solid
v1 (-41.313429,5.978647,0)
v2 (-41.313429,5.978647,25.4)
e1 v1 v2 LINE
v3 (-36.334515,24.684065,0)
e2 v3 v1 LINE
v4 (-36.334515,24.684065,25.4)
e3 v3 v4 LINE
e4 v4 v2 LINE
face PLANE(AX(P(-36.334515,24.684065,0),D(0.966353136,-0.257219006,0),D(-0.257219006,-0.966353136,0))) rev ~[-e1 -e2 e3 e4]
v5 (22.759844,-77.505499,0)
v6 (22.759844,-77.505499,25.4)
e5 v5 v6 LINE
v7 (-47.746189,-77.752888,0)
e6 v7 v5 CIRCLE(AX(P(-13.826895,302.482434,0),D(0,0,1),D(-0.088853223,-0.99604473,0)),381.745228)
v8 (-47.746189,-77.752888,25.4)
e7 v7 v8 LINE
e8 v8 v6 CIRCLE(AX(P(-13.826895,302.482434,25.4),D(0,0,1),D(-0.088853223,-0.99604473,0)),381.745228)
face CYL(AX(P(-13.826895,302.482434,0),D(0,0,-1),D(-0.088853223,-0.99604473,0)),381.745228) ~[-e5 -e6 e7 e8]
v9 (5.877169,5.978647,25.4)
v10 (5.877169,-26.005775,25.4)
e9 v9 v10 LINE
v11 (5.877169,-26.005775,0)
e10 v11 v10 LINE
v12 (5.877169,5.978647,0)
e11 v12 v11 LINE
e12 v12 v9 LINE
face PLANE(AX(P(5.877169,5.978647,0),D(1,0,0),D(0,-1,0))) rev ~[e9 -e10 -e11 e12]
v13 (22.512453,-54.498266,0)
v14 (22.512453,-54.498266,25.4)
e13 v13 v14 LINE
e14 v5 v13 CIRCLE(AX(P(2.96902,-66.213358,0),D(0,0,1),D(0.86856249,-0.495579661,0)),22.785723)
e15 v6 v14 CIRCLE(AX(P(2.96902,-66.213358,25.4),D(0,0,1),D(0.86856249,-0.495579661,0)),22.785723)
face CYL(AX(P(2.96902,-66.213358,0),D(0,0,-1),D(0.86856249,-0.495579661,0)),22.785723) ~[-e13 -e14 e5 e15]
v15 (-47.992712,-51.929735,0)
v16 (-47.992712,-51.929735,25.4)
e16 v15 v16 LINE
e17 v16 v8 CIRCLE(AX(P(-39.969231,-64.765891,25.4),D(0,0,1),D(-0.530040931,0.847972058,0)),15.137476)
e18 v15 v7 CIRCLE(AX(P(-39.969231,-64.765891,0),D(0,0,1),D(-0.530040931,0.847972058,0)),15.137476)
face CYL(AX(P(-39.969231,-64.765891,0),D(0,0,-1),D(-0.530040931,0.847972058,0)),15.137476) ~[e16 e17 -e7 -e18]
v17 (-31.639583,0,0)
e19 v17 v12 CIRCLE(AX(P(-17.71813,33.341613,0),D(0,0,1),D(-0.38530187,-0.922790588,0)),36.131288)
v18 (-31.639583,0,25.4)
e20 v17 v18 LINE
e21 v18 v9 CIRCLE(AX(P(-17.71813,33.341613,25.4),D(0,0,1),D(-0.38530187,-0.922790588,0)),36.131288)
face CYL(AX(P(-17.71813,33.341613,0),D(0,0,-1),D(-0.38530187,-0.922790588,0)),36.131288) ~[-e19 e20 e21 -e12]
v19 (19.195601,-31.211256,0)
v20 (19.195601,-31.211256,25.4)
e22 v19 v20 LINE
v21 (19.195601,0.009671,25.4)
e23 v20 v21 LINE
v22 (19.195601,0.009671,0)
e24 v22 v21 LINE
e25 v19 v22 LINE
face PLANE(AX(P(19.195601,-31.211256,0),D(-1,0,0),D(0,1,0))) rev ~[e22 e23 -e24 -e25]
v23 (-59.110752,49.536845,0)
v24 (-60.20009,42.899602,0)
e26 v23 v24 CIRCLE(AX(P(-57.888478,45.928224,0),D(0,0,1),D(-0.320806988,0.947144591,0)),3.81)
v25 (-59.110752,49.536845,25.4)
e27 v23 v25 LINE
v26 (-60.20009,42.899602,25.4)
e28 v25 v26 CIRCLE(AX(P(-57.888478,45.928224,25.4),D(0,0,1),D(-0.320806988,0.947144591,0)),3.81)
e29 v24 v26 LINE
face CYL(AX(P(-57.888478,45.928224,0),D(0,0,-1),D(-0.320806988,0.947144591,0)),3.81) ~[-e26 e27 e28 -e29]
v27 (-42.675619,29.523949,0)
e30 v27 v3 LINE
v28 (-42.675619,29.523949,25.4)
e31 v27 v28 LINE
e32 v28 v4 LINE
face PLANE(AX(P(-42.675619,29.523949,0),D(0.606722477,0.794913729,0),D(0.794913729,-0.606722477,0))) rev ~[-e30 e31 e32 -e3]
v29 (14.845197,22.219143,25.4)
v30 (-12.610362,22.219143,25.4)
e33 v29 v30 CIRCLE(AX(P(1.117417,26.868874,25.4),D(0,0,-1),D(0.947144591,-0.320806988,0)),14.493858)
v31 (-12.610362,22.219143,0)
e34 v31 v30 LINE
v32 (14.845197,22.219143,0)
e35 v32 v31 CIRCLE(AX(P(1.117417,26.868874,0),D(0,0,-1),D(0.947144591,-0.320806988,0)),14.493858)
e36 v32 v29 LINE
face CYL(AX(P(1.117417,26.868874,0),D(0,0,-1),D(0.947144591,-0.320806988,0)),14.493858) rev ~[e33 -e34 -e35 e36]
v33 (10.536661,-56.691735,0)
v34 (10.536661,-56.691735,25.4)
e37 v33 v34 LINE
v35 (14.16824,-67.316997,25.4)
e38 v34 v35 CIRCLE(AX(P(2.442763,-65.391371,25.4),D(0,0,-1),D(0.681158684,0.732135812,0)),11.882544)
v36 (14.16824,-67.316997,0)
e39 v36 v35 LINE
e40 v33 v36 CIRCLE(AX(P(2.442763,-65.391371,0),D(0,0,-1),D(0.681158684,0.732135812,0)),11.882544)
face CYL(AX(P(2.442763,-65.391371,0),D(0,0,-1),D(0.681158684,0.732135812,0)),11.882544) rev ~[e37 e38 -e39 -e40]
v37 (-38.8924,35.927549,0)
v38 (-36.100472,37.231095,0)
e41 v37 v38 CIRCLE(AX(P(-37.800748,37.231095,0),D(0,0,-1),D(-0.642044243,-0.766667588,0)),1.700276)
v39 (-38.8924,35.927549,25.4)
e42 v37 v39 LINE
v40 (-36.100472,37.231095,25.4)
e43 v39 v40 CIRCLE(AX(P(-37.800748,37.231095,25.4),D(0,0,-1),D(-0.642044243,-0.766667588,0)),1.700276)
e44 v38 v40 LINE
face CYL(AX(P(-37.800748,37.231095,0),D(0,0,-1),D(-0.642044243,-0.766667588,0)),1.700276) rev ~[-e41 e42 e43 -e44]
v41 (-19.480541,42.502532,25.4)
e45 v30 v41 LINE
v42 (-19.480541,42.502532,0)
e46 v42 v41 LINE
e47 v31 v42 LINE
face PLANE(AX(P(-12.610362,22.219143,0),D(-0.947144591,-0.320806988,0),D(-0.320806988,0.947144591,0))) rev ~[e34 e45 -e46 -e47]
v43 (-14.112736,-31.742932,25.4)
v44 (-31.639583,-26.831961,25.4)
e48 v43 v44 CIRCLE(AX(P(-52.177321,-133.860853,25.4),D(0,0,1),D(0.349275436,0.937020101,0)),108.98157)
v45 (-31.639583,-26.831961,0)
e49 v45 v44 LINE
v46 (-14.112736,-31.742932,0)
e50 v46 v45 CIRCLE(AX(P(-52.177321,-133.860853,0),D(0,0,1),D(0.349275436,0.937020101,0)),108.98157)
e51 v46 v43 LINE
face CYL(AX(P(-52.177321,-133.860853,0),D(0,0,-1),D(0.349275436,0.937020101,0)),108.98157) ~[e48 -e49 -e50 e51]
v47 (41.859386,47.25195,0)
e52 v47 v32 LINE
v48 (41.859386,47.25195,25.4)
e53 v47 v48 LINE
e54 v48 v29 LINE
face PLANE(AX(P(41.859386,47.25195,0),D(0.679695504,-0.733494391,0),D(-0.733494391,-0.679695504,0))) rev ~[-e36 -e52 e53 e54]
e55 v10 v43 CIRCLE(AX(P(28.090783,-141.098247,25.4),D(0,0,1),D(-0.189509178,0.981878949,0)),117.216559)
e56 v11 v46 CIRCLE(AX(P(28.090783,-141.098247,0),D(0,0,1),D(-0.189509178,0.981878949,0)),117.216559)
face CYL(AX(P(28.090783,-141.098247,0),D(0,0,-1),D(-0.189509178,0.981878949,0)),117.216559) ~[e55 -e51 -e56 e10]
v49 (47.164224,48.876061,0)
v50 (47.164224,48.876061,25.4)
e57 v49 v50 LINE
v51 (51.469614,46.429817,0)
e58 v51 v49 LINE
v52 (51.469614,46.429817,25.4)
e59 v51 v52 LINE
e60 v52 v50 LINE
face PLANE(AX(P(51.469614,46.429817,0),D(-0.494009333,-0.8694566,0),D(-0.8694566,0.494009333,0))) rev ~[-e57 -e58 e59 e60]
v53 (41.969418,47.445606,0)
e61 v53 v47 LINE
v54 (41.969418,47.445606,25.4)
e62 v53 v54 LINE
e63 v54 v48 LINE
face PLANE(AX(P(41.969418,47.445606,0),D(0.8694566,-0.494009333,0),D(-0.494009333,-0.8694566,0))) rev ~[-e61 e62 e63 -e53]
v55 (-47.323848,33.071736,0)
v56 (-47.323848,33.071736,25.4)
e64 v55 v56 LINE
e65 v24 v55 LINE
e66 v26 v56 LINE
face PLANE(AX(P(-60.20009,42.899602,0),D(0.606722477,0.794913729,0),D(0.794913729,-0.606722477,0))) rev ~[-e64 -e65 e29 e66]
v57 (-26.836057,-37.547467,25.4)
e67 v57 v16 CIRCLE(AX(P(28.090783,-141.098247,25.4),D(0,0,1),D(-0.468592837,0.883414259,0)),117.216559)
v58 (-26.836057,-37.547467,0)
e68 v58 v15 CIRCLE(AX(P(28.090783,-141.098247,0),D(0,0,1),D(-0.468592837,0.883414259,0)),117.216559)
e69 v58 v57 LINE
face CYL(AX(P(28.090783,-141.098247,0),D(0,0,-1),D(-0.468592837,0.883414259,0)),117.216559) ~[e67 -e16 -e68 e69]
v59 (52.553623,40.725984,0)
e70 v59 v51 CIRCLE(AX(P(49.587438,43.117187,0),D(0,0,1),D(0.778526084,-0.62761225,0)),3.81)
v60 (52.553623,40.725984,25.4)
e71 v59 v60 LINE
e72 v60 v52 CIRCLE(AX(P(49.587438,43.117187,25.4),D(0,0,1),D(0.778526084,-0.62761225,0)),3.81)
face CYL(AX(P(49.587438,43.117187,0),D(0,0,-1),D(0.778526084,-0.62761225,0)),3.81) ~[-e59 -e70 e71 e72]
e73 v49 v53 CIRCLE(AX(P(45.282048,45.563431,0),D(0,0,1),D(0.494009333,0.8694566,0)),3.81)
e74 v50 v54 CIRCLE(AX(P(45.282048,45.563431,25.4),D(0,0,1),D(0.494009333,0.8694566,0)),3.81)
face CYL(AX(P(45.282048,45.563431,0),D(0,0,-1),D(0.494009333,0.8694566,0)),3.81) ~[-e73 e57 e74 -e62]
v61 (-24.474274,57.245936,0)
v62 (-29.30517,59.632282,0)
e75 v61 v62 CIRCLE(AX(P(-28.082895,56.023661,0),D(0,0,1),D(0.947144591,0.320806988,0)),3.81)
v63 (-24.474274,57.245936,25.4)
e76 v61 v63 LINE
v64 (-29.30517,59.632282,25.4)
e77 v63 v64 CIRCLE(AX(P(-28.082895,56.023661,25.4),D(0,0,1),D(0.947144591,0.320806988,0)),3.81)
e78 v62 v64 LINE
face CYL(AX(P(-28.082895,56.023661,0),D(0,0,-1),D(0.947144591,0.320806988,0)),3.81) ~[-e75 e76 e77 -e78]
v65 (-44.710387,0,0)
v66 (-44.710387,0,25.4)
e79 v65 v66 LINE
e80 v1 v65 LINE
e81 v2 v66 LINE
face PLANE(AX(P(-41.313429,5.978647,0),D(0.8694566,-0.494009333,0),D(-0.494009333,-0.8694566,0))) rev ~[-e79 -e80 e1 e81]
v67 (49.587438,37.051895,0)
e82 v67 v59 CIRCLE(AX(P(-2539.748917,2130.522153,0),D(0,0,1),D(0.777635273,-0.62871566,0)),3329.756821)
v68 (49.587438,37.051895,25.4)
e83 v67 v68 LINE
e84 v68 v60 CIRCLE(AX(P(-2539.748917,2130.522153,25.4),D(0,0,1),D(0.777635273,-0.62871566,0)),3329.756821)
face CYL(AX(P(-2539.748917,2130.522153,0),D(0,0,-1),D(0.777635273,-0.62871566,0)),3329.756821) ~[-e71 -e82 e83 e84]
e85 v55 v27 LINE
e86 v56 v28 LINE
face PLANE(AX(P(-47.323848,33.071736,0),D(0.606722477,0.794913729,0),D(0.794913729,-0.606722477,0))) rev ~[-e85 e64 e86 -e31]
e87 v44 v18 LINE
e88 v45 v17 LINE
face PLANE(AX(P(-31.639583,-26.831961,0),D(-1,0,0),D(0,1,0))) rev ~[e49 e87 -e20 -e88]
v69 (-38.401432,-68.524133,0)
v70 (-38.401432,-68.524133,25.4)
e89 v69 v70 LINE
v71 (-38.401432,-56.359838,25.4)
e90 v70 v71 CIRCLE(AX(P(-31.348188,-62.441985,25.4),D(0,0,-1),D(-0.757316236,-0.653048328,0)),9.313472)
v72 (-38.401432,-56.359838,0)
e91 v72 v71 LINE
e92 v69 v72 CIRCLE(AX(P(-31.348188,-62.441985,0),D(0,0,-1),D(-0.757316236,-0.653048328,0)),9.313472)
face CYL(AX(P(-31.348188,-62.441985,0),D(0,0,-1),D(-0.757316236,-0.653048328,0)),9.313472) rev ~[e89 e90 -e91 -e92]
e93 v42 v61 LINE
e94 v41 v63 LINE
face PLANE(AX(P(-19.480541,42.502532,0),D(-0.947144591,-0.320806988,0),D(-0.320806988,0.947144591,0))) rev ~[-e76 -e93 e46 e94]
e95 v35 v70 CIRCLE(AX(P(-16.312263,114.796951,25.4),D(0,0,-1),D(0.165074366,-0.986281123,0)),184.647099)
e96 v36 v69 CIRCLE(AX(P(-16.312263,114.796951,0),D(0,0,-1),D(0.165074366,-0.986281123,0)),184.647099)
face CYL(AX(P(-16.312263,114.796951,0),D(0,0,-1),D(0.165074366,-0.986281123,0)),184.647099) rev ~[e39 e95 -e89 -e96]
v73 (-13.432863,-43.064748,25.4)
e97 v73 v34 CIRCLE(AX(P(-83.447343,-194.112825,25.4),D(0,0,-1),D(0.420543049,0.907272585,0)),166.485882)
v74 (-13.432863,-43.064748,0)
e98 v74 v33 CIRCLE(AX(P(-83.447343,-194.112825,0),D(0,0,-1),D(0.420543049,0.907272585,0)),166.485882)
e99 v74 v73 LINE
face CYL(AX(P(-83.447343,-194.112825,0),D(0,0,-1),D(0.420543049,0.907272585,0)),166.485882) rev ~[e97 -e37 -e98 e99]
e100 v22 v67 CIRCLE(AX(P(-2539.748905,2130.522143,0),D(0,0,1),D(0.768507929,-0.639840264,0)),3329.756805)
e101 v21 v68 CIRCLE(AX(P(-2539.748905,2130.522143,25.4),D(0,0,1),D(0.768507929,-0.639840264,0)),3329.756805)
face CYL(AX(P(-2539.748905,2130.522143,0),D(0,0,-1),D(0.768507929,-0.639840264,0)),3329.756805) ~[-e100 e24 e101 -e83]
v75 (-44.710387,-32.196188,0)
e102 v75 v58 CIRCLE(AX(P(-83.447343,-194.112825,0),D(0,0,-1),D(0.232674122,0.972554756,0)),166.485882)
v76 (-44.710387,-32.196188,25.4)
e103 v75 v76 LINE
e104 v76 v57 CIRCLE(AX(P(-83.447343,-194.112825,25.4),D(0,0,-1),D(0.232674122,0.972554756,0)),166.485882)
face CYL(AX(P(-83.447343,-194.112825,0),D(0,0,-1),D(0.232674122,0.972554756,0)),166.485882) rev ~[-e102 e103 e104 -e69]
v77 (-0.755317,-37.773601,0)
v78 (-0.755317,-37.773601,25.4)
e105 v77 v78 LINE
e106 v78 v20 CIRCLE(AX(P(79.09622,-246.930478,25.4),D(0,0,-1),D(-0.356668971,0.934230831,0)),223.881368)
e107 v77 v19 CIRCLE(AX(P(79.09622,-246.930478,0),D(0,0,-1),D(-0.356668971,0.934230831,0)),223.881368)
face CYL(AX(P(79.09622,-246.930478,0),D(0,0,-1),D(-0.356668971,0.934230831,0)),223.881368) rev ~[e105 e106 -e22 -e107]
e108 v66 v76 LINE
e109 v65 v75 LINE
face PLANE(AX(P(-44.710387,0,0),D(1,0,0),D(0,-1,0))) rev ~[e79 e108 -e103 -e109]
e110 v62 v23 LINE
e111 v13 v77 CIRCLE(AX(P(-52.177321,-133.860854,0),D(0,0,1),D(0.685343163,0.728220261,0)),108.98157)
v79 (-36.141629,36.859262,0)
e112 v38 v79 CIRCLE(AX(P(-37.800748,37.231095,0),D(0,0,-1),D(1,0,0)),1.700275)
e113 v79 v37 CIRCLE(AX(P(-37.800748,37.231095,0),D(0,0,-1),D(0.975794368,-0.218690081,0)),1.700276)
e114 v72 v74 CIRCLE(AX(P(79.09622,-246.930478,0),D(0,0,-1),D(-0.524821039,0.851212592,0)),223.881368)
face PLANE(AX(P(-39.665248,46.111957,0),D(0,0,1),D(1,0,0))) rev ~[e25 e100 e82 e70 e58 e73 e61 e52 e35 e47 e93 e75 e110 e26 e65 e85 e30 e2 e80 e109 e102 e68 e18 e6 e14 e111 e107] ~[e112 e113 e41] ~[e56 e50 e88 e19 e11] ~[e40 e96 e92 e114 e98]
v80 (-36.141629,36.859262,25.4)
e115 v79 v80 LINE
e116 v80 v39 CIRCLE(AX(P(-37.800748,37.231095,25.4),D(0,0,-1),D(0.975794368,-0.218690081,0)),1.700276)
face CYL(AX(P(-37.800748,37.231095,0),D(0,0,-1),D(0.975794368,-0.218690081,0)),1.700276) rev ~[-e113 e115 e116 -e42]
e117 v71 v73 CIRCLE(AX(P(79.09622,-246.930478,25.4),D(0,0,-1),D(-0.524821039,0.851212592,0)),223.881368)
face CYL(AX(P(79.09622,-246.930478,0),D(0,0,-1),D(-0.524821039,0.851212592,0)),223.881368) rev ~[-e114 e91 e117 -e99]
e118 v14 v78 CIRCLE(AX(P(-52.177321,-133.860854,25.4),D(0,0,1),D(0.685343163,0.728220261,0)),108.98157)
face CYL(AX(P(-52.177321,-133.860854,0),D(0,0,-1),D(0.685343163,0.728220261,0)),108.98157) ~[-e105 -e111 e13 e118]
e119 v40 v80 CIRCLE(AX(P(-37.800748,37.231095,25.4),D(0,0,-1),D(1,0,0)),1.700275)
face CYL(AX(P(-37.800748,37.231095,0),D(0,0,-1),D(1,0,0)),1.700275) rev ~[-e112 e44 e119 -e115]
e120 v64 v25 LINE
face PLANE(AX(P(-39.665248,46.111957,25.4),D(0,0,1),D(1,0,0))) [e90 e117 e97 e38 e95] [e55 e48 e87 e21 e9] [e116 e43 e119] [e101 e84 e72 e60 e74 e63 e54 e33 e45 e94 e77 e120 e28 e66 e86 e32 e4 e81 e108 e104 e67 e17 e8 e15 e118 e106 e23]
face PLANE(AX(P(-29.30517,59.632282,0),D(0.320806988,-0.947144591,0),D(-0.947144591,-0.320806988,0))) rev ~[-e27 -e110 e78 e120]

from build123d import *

# Parameters (mm, degrees)
F1_DEPTH = 25.4


with BuildPart() as f1:
    # F0 (on Top) → F1 (new body)
    with BuildSketch(Plane.XY):
        with BuildLine():
            ThreePointArc((-59.1107523799, 49.5368446501), (-61.6481766526, 46.5452847002), (-60.2000903929, 42.8996024515))
            Line((-60.2000903929, 42.8996024515), (-47.3238480687, 33.0717364155))
            Line((-47.3238480687, 33.0717364155), (-38.8923999974, 35.9275490176))
            ThreePointArc((-38.8923999974, 35.9275490176), (-38.5200626671, 38.7717193747), (-36.1004724001, 37.2310951352))
            ThreePointArc((-36.1004724001, 37.2310951352), (-36.1107927824, 37.0440430671), (-36.1416286435, 36.8592617474))
            Line((-36.1416286435, 36.8592617474), (-19.4805414172, 42.5025323296))
            Line((-19.4805414172, 42.5025323296), (-24.4742741518, 57.2459360816))
            ThreePointArc((-24.4742741518, 57.2459360816), (-26.3954934154, 59.4396204364), (-29.3051696679, 59.6322823499))
            Line((-29.3051696679, 59.6322823499), (-59.1107523799, 49.5368446501))
        make_face()
        with BuildLine():
            Line((-38.8923999974, 35.9275490176), (-47.3238480687, 33.0717364155))
            Line((-47.3238480687, 33.0717364155), (-42.6756189918, 29.5239488295))
            Line((-42.6756189918, 29.5239488295), (-17.9241616526, 37.907505627))
            Line((-17.9241616526, 37.907505627), (-19.4805414172, 42.5025323296))
            Line((-19.4805414172, 42.5025323296), (-36.1416286435, 36.8592617474))
            ThreePointArc((-36.1416286435, 36.8592617474), (-37.2552876391, 35.6206883909), (-38.8923999974, 35.9275490176))
        make_face()
        with BuildLine():
            Line((-17.9241616526, 37.907505627), (-42.6756189918, 29.5239488295))
            Line((-42.6756189918, 29.5239488295), (-36.3345149505, 24.6840646871))
            Line((-36.3345149505, 24.6840646871), (-41.3134286256, 5.9786473972))
            ThreePointArc((-41.3134286256, 5.9786473972), (-36.7132008564, 2.606335405), (-31.6395828713, 0))
            ThreePointArc((-31.6395828713, 0), (-12.0320170539, -2.3394482542), (5.8771688615, 5.9786473972))
            Line((5.8771688615, 5.9786473972), (19.1956014543, 0.00967121))
            ThreePointArc((19.1956014543, 0.00967121), (34.4581492923, 18.4761157552), (49.587438224, 37.0518945294))
            Line((49.587438224, 37.0518945294), (41.8655847635, 41.4393103907))
            Line((41.8655847635, 41.4393103907), (38.9125214018, 43.117186965))
            Line((38.9125214018, 43.1171869651), (41.8593864064, 47.2519499851))
            Line((41.8593864064, 47.2519499851), (14.8451968214, 22.2191433988))
            ThreePointArc((14.8451968214, 22.2191433988), (1.1174172166, 12.3750160433), (-12.6103623883, 22.2191433988))
            Line((-12.6103623883, 22.2191433988), (-17.9241616526, 37.907505627))
        make_face()
        with BuildLine():
            ThreePointArc((-31.6395828713, 0), (-36.7132008564, 2.606335405), (-41.3134286256, 5.9786473972))
            Line((-41.3134286256, 5.9786473972), (-44.7103866945, 0))
            Line((-44.7103866945, 0), (-44.7103866945, -32.1961882046))
            ThreePointArc((-44.7103866945, -32.1961882046), (-35.6981979706, -34.6212321144), (-26.8360574654, -37.5474667641))
            ThreePointArc((-26.8360574654, -37.5474667641), (-20.5610394294, -34.4552816286), (-14.112735744, -31.7429321219))
            ThreePointArc((-14.112735744, -31.7429321219), (-22.7734524474, -28.9208943273), (-31.6395828713, -26.8319610022))
            Line((-31.6395828713, -26.8319610022), (-31.6395828713, 0))
        make_face()
        with BuildLine():
            Line((19.1956014543, 0.00967121), (5.8771688615, 5.9786473972))
            Line((5.8771688615, 5.9786473972), (5.8771688615, -26.0057745091))
            ThreePointArc((5.8771688615, -26.0057745091), (-4.2452726756, -28.4301442134), (-14.112735744, -31.7429321219))
            ThreePointArc((-14.112735744, -31.7429321219), (-7.332536937, -34.533476308), (-0.7553169871, -37.7736013745))
            ThreePointArc((-0.7553169871, -37.7736013745), (9.143147591, -34.2583484987), (19.1956014543, -31.2112556035))
            Line((19.1956014543, -31.2112556035), (19.1956014543, 0.00967121))
        make_face()
        Polygon((41.9694184521, 47.4456064242), (41.8593864064, 47.2519499851), (38.9125214018, 43.1171869651), (41.8655847635, 41.4393103907), (45.162112145, 45.4186524008), align=None)
        with BuildLine():
            ThreePointArc((-0.7553169871, -37.7736013745), (-7.332536937, -34.533476308), (-14.112735744, -31.7429321219))
            ThreePointArc((-14.112735744, -31.7429321219), (-20.5610394294, -34.4552816286), (-26.8360574654, -37.5474667641))
            ThreePointArc((-26.8360574654, -37.5474667641), (-20.074389371, -40.1601770998), (-13.4328625364, -43.064747984))
            ThreePointArc((-13.4328625364, -43.064747984), (-7.1346825518, -40.3219146743), (-0.7553169871, -37.7736013745))
        make_face()
        with BuildLine():
            ThreePointArc((-13.4328625364, -43.064747984), (-20.074389371, -40.1601770998), (-26.8360574654, -37.5474667641))
            ThreePointArc((-26.8360574654, -37.5474667641), (-37.8079228806, -44.1596970981), (-47.9927124606, -51.9297345425))
            ThreePointArc((-47.9927124606, -51.9297345425), (-55.1060167541, -64.9103960311), (-47.7461889386, -77.7528882027))
            ThreePointArc((-47.7461889386, -77.7528882027), (-12.4874489881, -79.2604436558), (22.7598436177, -77.5054991245))
            ThreePointArc((22.7598436177, -77.5054991245), (25.753425112, -65.9683634877), (22.5124526769, -54.4982664287))
            ThreePointArc((22.5124526769, -54.4982664287), (11.4306480238, -45.3678662365), (-0.7553169871, -37.7736013745))
            ThreePointArc((-0.7553169871, -37.7736013745), (-7.1346825518, -40.3219146743), (-13.4328625364, -43.064747984))
        make_face()
        with BuildLine():
            ThreePointArc((-38.401431896, -56.3598381515), (-26.127337959, -49.3175486866), (-13.4328625364, -43.064747984))
            ThreePointArc((-13.4328625364, -43.064747984), (-1.1655138535, -49.3811780371), (10.536660869, -56.691734725))
            ThreePointArc((10.536660869, -56.691734725), (13.6866926882, -61.5483388363), (14.1682401614, -67.3169969113))
            ThreePointArc((14.1682401614, -67.3169969113), (-12.073405036, -69.8014865929), (-38.401431896, -68.5241325674))
            ThreePointArc((-38.401431896, -68.5241325674), (-40.6616602948, -62.4419853594), (-38.401431896, -56.3598381515))
        make_face(mode=Mode.SUBTRACT)
        with BuildLine():
            ThreePointArc((47.1642236558, 48.8760605112), (44.2705643123, 49.2367128523), (41.9694184521, 47.4456064242))
            Line((41.9694184521, 47.4456064242), (45.162112145, 45.4186524008))
            Line((45.162112145, 45.4186524008), (52.5536226058, 40.7259842943))
            ThreePointArc((52.5536226058, 40.7259842943), (53.3304416036, 43.828541799), (51.4696137823, 46.4298166105))
            Line((51.4696137823, 46.4298166105), (47.1642236558, 48.8760605112))
        make_face()
        with BuildLine():
            Line((41.8655847635, 41.4393103907), (49.587438224, 37.0518945294))
            ThreePointArc((49.587438224, 37.0518945294), (51.0711817018, 38.8884136117), (52.5536226058, 40.7259842943))
            Line((52.5536226058, 40.7259842943), (45.162112145, 45.4186524008))
            Line((45.162112145, 45.4186524008), (41.8655847635, 41.4393103907))
        make_face()
    extrude(amount=F1_DEPTH)


solid = f1.part
